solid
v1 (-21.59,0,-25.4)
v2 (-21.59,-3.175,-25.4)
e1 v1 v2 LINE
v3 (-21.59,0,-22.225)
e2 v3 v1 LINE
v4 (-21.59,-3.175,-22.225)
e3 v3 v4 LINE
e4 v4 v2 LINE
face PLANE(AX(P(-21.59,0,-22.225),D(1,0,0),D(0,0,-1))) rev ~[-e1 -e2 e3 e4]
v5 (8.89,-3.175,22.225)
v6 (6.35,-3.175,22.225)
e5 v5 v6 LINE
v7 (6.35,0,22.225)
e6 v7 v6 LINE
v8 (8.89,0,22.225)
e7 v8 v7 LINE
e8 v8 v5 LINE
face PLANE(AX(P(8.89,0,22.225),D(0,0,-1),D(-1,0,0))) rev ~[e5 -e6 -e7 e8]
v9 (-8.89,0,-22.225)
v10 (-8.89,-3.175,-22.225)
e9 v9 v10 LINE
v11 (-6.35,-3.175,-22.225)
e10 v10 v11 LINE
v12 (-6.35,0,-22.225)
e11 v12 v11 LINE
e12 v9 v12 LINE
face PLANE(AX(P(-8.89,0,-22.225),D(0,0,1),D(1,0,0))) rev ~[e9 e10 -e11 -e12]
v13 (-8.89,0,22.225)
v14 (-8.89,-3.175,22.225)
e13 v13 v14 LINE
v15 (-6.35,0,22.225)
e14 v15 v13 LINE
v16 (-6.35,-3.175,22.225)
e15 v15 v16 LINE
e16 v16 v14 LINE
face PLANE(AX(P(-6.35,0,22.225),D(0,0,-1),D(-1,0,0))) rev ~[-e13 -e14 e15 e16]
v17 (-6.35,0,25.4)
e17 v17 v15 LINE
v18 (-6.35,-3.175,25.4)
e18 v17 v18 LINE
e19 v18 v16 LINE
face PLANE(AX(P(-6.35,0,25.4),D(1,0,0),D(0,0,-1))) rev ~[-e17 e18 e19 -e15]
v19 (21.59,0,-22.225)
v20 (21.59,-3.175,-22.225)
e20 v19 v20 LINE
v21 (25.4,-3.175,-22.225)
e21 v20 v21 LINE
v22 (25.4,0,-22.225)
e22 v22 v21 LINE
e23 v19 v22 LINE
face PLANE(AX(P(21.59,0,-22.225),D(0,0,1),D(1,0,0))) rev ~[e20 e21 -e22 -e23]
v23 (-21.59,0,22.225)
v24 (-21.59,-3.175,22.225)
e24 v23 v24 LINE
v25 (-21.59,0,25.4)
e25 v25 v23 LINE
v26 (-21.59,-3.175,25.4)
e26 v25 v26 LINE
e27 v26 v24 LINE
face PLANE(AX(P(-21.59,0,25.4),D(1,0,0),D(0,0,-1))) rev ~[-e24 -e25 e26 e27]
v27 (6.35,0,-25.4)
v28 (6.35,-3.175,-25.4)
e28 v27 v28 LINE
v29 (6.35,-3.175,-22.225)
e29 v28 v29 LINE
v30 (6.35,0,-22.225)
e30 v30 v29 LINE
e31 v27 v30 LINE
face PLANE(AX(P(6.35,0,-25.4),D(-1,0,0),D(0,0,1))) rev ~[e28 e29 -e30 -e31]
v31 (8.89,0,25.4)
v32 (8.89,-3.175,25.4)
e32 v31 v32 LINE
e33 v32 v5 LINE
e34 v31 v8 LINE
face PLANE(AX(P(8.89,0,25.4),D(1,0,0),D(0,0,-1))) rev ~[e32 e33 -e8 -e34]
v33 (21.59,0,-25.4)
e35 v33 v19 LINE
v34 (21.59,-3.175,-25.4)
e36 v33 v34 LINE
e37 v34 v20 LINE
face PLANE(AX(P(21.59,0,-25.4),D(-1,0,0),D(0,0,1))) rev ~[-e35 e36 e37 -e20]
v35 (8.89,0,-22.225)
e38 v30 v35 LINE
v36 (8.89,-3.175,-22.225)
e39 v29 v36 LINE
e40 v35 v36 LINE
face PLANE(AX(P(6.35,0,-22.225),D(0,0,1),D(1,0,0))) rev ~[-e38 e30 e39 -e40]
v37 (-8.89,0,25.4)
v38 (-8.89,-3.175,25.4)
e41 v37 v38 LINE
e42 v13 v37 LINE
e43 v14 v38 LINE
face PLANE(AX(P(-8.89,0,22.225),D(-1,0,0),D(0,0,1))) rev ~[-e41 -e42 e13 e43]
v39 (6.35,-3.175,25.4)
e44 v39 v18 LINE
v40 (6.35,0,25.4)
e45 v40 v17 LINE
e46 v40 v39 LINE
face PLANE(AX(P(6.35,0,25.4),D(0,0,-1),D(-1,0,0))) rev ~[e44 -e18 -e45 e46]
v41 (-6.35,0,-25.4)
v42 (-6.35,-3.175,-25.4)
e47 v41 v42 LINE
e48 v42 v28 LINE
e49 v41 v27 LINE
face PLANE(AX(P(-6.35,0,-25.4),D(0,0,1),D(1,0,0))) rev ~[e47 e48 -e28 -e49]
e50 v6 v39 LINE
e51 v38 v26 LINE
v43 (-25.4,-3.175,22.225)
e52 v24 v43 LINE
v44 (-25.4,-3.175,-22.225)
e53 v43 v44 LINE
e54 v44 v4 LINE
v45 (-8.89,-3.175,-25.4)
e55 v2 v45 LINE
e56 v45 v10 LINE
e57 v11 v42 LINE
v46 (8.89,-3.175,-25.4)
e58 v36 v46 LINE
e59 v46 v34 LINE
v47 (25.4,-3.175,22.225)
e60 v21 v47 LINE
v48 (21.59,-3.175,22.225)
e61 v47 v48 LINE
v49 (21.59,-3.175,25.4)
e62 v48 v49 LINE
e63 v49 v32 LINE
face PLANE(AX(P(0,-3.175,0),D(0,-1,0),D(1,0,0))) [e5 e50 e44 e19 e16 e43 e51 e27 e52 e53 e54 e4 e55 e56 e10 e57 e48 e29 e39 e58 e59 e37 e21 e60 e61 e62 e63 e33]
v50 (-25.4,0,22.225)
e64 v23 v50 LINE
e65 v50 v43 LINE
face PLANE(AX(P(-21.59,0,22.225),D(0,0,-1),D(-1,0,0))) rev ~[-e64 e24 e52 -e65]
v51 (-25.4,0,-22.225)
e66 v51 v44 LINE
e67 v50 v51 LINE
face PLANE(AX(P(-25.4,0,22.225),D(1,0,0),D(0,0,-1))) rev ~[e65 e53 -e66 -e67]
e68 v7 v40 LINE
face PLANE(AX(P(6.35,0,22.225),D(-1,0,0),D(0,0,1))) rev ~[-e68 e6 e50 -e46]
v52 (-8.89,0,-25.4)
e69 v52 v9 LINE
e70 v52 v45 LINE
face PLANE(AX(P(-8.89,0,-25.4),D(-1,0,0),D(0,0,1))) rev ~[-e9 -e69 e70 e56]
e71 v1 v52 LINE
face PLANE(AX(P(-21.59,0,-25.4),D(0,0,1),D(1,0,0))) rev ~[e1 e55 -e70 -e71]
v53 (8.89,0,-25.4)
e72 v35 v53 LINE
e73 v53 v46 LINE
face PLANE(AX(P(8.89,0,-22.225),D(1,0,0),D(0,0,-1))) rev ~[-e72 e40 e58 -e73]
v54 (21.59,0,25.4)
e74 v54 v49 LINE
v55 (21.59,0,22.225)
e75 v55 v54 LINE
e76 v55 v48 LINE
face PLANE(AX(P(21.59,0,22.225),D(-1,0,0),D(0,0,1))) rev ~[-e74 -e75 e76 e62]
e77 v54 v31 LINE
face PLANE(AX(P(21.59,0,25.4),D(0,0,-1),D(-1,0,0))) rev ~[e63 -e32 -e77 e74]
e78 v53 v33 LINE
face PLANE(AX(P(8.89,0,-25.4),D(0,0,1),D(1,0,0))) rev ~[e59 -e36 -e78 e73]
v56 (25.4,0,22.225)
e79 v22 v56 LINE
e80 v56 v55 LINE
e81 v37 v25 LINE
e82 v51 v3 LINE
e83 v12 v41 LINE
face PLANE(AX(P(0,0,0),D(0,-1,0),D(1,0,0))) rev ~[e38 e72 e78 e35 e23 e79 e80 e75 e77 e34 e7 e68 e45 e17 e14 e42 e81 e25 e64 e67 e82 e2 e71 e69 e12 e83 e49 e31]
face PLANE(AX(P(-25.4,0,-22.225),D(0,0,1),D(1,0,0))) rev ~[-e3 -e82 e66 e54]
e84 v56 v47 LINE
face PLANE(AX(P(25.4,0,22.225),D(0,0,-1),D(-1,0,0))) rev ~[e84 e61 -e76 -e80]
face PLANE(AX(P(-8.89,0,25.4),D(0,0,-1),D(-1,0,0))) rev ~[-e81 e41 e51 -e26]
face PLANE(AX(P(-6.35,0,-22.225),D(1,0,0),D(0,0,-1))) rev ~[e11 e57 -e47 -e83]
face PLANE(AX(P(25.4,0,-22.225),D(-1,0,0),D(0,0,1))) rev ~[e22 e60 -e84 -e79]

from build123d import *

# Parameters (mm, degrees)
F1_DEPTH = 3.175


with BuildPart() as f1:
    # F0 (on Front) → F1 (new body)
    with BuildSketch(Plane.XZ):
        Polygon((21.59, -22.225), (25.4, -22.225), (25.4, 22.225), (21.59, 22.225), (21.59, 25.4), (8.89, 25.4), (8.89, 22.225), (6.35, 22.225), (6.35, 25.4), (-6.35, 25.4), (-6.35, 22.225), (-8.89, 22.225), (-8.89, 25.4), (-21.59, 25.4), (-21.59, 22.225), (-25.4, 22.225), (-25.4, -22.225), (-21.59, -22.225), (-21.59, -25.4), (-8.89, -25.4), (-8.89, -22.225), (-6.35, -22.225), (-6.35, -25.4), (6.35, -25.4), (6.35, -22.225), (8.89, -22.225), (8.89, -25.4), (21.59, -25.4), align=None)
    extrude(amount=F1_DEPTH)


solid = f1.part
